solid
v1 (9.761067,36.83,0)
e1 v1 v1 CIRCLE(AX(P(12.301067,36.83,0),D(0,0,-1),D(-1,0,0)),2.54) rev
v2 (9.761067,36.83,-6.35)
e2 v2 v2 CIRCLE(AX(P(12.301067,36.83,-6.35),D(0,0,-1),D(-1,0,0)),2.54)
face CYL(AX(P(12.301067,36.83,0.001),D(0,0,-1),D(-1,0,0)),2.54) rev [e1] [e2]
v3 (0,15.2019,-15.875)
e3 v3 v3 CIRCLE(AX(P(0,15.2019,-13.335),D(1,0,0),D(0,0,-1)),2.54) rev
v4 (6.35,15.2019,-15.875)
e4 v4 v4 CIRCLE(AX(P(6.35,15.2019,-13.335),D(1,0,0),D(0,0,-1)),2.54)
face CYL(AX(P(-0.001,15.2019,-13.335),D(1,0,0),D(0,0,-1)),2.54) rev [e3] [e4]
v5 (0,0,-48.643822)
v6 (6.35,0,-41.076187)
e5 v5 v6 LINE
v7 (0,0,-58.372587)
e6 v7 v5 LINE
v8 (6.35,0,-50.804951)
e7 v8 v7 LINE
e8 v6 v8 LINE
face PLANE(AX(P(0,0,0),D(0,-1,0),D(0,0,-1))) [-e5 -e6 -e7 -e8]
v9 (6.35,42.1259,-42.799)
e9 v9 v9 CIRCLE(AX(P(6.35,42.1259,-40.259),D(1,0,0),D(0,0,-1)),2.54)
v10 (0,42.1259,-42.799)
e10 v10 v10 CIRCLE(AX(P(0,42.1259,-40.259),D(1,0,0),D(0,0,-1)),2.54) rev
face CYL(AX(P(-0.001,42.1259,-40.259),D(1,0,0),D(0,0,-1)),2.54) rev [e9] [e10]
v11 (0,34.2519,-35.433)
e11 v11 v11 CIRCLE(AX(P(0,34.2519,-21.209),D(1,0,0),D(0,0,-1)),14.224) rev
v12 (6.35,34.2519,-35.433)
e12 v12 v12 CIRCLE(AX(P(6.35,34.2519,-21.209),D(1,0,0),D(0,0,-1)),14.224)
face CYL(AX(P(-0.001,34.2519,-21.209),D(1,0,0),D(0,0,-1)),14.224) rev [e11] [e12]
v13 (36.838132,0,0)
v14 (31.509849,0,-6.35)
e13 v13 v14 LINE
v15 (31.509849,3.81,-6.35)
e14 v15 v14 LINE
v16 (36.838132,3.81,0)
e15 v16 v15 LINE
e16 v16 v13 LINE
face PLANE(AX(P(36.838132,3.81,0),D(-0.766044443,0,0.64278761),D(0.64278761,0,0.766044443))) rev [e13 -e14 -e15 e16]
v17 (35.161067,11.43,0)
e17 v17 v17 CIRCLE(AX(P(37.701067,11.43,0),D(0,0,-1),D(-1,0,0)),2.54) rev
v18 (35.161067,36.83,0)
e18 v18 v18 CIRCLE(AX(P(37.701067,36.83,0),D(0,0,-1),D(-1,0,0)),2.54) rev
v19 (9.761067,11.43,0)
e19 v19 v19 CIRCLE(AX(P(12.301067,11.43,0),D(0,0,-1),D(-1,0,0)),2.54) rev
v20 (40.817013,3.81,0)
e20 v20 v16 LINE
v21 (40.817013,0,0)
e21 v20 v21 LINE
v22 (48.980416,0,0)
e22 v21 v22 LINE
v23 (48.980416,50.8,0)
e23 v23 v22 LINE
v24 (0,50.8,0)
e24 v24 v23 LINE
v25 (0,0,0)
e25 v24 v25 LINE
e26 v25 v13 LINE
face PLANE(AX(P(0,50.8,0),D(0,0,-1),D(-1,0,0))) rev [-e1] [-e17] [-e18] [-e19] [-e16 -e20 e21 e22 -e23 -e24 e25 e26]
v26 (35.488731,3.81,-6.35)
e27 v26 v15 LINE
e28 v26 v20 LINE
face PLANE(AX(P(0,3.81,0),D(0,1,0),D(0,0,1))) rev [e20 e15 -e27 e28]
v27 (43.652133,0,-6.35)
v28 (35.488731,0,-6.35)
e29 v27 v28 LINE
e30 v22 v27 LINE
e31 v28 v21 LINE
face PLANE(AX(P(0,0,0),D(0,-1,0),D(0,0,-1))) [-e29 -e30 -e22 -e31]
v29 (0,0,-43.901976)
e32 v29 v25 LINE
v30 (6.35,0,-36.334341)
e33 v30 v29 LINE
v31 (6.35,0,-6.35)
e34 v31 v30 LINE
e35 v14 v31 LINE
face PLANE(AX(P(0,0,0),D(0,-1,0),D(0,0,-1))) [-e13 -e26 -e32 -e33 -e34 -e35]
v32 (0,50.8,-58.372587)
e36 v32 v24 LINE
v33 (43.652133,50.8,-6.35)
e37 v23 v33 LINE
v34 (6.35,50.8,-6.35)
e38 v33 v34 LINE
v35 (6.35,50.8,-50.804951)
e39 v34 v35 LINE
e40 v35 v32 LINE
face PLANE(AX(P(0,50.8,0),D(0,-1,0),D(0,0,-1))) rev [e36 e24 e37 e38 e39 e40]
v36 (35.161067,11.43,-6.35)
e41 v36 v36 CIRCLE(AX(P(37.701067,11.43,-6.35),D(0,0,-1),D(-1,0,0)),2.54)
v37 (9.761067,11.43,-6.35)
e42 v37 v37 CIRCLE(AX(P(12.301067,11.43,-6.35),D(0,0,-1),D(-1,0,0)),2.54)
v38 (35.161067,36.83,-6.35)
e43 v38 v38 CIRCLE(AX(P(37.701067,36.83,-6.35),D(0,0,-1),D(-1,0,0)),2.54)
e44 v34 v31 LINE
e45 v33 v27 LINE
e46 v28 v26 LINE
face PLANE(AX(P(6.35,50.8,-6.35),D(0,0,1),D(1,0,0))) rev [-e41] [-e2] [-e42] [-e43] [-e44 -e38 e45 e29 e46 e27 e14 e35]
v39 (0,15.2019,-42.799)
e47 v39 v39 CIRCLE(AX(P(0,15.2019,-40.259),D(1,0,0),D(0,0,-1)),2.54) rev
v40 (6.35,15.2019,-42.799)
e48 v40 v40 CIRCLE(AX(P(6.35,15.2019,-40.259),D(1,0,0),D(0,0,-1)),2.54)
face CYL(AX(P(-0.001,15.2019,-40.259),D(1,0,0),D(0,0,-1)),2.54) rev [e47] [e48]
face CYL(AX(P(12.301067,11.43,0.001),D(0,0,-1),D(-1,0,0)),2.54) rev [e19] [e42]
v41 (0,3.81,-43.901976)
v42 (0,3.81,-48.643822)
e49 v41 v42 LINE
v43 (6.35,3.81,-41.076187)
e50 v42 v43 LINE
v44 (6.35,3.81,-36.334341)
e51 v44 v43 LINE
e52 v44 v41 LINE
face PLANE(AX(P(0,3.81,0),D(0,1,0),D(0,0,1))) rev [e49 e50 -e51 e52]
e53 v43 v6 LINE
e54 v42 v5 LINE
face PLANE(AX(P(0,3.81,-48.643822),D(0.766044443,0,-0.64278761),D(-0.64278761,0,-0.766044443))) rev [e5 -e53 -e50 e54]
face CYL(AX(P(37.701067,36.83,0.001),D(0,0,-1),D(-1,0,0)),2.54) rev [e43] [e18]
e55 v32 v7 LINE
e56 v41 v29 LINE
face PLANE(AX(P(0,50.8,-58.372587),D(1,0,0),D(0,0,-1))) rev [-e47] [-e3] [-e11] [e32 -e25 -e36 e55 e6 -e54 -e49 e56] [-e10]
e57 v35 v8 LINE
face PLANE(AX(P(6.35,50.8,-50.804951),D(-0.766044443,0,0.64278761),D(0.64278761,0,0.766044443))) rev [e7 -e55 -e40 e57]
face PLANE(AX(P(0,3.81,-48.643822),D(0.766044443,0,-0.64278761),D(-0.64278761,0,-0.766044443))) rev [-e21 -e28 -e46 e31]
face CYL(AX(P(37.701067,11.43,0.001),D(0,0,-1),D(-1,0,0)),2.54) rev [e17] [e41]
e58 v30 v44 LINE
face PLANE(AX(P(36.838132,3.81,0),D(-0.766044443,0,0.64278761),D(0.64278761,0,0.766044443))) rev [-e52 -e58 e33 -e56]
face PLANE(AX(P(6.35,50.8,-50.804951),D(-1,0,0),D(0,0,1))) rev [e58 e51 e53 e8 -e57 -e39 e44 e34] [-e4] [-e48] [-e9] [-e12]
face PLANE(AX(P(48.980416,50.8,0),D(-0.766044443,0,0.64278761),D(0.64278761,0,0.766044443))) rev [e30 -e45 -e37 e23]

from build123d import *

# Parameters (mm, degrees)
BOSS_EXTRUDE1_DEPTH = 50.8
CUT_EXTRUDE2_REACH  = 8.35
SKETCH4_R           = 2.54
CUT_EXTRUDE1_REACH  = 8.35
SKETCH3_R           = 2.54
SKETCH3_R_2         = 14.224
CUT_EXTRUDE3_DEPTH  = 3.81


with BuildPart() as part:
    # Sketch2 → Boss-Extrude1 (new body)
    with BuildSketch(Plane(origin=(0, 0, 0), x_dir=(1, 0, 0), z_dir=(0, 1, 0))):
        Polygon((0, 58.372586566), (0, 0), (48.980415858, 0), (43.6521332, 6.35), (6.35, 6.35), (6.35, 50.804951253), align=None)
    extrude(amount=BOSS_EXTRUDE1_DEPTH)

    # Sketch4 → Cut-Extrude2 (cut, up to next)
    with BuildSketch(Plane(origin=(0, 0, -6.35), x_dir=(-1, 0, 0), z_dir=(0, 0, -1)), mode=Mode.PRIVATE) as cut_extrude2_sk1:
        with Locations((-37.7010666, 36.83)):
            Circle(SKETCH4_R)
    cut_extrude2_tool1 = extrude(cut_extrude2_sk1.sketch, amount=-CUT_EXTRUDE2_REACH, mode=Mode.PRIVATE) & part.part
    add(cut_extrude2_tool1.solids().sort_by_distance((37.701067, 36.83, -6.35))[0], mode=Mode.SUBTRACT)
    # Sketch4 → Cut-Extrude2 (cut, up to next)
    with BuildSketch(Plane(origin=(0, 0, -6.35), x_dir=(-1, 0, 0), z_dir=(0, 0, -1)), mode=Mode.PRIVATE) as cut_extrude2_sk2:
        with Locations((-12.3010666, 36.83)):
            Circle(SKETCH4_R)
    cut_extrude2_tool2 = extrude(cut_extrude2_sk2.sketch, amount=-CUT_EXTRUDE2_REACH, mode=Mode.PRIVATE) & part.part
    add(cut_extrude2_tool2.solids().sort_by_distance((12.301067, 36.83, -6.35))[0], mode=Mode.SUBTRACT)
    # Sketch4 → Cut-Extrude2 (cut, up to next)
    with BuildSketch(Plane(origin=(0, 0, -6.35), x_dir=(-1, 0, 0), z_dir=(0, 0, -1)), mode=Mode.PRIVATE) as cut_extrude2_sk3:
        with Locations((-37.7010666, 11.43)):
            Circle(SKETCH4_R)
    cut_extrude2_tool3 = extrude(cut_extrude2_sk3.sketch, amount=-CUT_EXTRUDE2_REACH, mode=Mode.PRIVATE) & part.part
    add(cut_extrude2_tool3.solids().sort_by_distance((37.701067, 11.43, -6.35))[0], mode=Mode.SUBTRACT)
    # Sketch4 → Cut-Extrude2 (cut, up to next)
    with BuildSketch(Plane(origin=(0, 0, -6.35), x_dir=(-1, 0, 0), z_dir=(0, 0, -1)), mode=Mode.PRIVATE) as cut_extrude2_sk4:
        with Locations((-12.3010666, 11.43)):
            Circle(SKETCH4_R)
    cut_extrude2_tool4 = extrude(cut_extrude2_sk4.sketch, amount=-CUT_EXTRUDE2_REACH, mode=Mode.PRIVATE) & part.part
    add(cut_extrude2_tool4.solids().sort_by_distance((12.301067, 11.43, -6.35))[0], mode=Mode.SUBTRACT)

    # Sketch3 → Cut-Extrude1 (cut, up to next)
    with BuildSketch(Plane(origin=(6.35, 0, 0), x_dir=(0, 0, -1), z_dir=(1, 0, 0)), mode=Mode.PRIVATE) as cut_extrude1_sk1:
        with Locations((13.335, 15.2019)):
            Circle(SKETCH3_R)
    cut_extrude1_tool1 = extrude(cut_extrude1_sk1.sketch, amount=-CUT_EXTRUDE1_REACH, mode=Mode.PRIVATE) & part.part
    add(cut_extrude1_tool1.solids().sort_by_distance((6.35, 15.2019, -13.335))[0], mode=Mode.SUBTRACT)
    # Sketch3 → Cut-Extrude1 (cut, up to next)
    with BuildSketch(Plane(origin=(6.35, 0, 0), x_dir=(0, 0, -1), z_dir=(1, 0, 0)), mode=Mode.PRIVATE) as cut_extrude1_sk2:
        with Locations((21.209, 34.2519)):
            Circle(SKETCH3_R_2)
    cut_extrude1_tool2 = extrude(cut_extrude1_sk2.sketch, amount=-CUT_EXTRUDE1_REACH, mode=Mode.PRIVATE) & part.part
    add(cut_extrude1_tool2.solids().sort_by_distance((6.35, 34.2519, -21.209))[0], mode=Mode.SUBTRACT)
    # Sketch3 → Cut-Extrude1 (cut, up to next)
    with BuildSketch(Plane(origin=(6.35, 0, 0), x_dir=(0, 0, -1), z_dir=(1, 0, 0)), mode=Mode.PRIVATE) as cut_extrude1_sk3:
        with Locations((40.259, 15.2019)):
            Circle(SKETCH3_R)
    cut_extrude1_tool3 = extrude(cut_extrude1_sk3.sketch, amount=-CUT_EXTRUDE1_REACH, mode=Mode.PRIVATE) & part.part
    add(cut_extrude1_tool3.solids().sort_by_distance((6.35, 15.2019, -40.259))[0], mode=Mode.SUBTRACT)
    # Sketch3 → Cut-Extrude1 (cut, up to next)
    with BuildSketch(Plane(origin=(6.35, 0, 0), x_dir=(0, 0, -1), z_dir=(1, 0, 0)), mode=Mode.PRIVATE) as cut_extrude1_sk4:
        with Locations((40.259, 42.1259)):
            Circle(SKETCH3_R)
    cut_extrude1_tool4 = extrude(cut_extrude1_sk4.sketch, amount=-CUT_EXTRUDE1_REACH, mode=Mode.PRIVATE) & part.part
    add(cut_extrude1_tool4.solids().sort_by_distance((6.35, 42.1259, -40.259))[0], mode=Mode.SUBTRACT)

    # Sketch5 → Cut-Extrude3 (cut)
    with BuildSketch(Plane.XZ):
        Polygon((0, -48.643822138), (40.817013215, 0), (36.838131797, 0), (0, -43.901975914), align=None)
    extrude(amount=-CUT_EXTRUDE3_DEPTH, mode=Mode.SUBTRACT)


solid = part.part
